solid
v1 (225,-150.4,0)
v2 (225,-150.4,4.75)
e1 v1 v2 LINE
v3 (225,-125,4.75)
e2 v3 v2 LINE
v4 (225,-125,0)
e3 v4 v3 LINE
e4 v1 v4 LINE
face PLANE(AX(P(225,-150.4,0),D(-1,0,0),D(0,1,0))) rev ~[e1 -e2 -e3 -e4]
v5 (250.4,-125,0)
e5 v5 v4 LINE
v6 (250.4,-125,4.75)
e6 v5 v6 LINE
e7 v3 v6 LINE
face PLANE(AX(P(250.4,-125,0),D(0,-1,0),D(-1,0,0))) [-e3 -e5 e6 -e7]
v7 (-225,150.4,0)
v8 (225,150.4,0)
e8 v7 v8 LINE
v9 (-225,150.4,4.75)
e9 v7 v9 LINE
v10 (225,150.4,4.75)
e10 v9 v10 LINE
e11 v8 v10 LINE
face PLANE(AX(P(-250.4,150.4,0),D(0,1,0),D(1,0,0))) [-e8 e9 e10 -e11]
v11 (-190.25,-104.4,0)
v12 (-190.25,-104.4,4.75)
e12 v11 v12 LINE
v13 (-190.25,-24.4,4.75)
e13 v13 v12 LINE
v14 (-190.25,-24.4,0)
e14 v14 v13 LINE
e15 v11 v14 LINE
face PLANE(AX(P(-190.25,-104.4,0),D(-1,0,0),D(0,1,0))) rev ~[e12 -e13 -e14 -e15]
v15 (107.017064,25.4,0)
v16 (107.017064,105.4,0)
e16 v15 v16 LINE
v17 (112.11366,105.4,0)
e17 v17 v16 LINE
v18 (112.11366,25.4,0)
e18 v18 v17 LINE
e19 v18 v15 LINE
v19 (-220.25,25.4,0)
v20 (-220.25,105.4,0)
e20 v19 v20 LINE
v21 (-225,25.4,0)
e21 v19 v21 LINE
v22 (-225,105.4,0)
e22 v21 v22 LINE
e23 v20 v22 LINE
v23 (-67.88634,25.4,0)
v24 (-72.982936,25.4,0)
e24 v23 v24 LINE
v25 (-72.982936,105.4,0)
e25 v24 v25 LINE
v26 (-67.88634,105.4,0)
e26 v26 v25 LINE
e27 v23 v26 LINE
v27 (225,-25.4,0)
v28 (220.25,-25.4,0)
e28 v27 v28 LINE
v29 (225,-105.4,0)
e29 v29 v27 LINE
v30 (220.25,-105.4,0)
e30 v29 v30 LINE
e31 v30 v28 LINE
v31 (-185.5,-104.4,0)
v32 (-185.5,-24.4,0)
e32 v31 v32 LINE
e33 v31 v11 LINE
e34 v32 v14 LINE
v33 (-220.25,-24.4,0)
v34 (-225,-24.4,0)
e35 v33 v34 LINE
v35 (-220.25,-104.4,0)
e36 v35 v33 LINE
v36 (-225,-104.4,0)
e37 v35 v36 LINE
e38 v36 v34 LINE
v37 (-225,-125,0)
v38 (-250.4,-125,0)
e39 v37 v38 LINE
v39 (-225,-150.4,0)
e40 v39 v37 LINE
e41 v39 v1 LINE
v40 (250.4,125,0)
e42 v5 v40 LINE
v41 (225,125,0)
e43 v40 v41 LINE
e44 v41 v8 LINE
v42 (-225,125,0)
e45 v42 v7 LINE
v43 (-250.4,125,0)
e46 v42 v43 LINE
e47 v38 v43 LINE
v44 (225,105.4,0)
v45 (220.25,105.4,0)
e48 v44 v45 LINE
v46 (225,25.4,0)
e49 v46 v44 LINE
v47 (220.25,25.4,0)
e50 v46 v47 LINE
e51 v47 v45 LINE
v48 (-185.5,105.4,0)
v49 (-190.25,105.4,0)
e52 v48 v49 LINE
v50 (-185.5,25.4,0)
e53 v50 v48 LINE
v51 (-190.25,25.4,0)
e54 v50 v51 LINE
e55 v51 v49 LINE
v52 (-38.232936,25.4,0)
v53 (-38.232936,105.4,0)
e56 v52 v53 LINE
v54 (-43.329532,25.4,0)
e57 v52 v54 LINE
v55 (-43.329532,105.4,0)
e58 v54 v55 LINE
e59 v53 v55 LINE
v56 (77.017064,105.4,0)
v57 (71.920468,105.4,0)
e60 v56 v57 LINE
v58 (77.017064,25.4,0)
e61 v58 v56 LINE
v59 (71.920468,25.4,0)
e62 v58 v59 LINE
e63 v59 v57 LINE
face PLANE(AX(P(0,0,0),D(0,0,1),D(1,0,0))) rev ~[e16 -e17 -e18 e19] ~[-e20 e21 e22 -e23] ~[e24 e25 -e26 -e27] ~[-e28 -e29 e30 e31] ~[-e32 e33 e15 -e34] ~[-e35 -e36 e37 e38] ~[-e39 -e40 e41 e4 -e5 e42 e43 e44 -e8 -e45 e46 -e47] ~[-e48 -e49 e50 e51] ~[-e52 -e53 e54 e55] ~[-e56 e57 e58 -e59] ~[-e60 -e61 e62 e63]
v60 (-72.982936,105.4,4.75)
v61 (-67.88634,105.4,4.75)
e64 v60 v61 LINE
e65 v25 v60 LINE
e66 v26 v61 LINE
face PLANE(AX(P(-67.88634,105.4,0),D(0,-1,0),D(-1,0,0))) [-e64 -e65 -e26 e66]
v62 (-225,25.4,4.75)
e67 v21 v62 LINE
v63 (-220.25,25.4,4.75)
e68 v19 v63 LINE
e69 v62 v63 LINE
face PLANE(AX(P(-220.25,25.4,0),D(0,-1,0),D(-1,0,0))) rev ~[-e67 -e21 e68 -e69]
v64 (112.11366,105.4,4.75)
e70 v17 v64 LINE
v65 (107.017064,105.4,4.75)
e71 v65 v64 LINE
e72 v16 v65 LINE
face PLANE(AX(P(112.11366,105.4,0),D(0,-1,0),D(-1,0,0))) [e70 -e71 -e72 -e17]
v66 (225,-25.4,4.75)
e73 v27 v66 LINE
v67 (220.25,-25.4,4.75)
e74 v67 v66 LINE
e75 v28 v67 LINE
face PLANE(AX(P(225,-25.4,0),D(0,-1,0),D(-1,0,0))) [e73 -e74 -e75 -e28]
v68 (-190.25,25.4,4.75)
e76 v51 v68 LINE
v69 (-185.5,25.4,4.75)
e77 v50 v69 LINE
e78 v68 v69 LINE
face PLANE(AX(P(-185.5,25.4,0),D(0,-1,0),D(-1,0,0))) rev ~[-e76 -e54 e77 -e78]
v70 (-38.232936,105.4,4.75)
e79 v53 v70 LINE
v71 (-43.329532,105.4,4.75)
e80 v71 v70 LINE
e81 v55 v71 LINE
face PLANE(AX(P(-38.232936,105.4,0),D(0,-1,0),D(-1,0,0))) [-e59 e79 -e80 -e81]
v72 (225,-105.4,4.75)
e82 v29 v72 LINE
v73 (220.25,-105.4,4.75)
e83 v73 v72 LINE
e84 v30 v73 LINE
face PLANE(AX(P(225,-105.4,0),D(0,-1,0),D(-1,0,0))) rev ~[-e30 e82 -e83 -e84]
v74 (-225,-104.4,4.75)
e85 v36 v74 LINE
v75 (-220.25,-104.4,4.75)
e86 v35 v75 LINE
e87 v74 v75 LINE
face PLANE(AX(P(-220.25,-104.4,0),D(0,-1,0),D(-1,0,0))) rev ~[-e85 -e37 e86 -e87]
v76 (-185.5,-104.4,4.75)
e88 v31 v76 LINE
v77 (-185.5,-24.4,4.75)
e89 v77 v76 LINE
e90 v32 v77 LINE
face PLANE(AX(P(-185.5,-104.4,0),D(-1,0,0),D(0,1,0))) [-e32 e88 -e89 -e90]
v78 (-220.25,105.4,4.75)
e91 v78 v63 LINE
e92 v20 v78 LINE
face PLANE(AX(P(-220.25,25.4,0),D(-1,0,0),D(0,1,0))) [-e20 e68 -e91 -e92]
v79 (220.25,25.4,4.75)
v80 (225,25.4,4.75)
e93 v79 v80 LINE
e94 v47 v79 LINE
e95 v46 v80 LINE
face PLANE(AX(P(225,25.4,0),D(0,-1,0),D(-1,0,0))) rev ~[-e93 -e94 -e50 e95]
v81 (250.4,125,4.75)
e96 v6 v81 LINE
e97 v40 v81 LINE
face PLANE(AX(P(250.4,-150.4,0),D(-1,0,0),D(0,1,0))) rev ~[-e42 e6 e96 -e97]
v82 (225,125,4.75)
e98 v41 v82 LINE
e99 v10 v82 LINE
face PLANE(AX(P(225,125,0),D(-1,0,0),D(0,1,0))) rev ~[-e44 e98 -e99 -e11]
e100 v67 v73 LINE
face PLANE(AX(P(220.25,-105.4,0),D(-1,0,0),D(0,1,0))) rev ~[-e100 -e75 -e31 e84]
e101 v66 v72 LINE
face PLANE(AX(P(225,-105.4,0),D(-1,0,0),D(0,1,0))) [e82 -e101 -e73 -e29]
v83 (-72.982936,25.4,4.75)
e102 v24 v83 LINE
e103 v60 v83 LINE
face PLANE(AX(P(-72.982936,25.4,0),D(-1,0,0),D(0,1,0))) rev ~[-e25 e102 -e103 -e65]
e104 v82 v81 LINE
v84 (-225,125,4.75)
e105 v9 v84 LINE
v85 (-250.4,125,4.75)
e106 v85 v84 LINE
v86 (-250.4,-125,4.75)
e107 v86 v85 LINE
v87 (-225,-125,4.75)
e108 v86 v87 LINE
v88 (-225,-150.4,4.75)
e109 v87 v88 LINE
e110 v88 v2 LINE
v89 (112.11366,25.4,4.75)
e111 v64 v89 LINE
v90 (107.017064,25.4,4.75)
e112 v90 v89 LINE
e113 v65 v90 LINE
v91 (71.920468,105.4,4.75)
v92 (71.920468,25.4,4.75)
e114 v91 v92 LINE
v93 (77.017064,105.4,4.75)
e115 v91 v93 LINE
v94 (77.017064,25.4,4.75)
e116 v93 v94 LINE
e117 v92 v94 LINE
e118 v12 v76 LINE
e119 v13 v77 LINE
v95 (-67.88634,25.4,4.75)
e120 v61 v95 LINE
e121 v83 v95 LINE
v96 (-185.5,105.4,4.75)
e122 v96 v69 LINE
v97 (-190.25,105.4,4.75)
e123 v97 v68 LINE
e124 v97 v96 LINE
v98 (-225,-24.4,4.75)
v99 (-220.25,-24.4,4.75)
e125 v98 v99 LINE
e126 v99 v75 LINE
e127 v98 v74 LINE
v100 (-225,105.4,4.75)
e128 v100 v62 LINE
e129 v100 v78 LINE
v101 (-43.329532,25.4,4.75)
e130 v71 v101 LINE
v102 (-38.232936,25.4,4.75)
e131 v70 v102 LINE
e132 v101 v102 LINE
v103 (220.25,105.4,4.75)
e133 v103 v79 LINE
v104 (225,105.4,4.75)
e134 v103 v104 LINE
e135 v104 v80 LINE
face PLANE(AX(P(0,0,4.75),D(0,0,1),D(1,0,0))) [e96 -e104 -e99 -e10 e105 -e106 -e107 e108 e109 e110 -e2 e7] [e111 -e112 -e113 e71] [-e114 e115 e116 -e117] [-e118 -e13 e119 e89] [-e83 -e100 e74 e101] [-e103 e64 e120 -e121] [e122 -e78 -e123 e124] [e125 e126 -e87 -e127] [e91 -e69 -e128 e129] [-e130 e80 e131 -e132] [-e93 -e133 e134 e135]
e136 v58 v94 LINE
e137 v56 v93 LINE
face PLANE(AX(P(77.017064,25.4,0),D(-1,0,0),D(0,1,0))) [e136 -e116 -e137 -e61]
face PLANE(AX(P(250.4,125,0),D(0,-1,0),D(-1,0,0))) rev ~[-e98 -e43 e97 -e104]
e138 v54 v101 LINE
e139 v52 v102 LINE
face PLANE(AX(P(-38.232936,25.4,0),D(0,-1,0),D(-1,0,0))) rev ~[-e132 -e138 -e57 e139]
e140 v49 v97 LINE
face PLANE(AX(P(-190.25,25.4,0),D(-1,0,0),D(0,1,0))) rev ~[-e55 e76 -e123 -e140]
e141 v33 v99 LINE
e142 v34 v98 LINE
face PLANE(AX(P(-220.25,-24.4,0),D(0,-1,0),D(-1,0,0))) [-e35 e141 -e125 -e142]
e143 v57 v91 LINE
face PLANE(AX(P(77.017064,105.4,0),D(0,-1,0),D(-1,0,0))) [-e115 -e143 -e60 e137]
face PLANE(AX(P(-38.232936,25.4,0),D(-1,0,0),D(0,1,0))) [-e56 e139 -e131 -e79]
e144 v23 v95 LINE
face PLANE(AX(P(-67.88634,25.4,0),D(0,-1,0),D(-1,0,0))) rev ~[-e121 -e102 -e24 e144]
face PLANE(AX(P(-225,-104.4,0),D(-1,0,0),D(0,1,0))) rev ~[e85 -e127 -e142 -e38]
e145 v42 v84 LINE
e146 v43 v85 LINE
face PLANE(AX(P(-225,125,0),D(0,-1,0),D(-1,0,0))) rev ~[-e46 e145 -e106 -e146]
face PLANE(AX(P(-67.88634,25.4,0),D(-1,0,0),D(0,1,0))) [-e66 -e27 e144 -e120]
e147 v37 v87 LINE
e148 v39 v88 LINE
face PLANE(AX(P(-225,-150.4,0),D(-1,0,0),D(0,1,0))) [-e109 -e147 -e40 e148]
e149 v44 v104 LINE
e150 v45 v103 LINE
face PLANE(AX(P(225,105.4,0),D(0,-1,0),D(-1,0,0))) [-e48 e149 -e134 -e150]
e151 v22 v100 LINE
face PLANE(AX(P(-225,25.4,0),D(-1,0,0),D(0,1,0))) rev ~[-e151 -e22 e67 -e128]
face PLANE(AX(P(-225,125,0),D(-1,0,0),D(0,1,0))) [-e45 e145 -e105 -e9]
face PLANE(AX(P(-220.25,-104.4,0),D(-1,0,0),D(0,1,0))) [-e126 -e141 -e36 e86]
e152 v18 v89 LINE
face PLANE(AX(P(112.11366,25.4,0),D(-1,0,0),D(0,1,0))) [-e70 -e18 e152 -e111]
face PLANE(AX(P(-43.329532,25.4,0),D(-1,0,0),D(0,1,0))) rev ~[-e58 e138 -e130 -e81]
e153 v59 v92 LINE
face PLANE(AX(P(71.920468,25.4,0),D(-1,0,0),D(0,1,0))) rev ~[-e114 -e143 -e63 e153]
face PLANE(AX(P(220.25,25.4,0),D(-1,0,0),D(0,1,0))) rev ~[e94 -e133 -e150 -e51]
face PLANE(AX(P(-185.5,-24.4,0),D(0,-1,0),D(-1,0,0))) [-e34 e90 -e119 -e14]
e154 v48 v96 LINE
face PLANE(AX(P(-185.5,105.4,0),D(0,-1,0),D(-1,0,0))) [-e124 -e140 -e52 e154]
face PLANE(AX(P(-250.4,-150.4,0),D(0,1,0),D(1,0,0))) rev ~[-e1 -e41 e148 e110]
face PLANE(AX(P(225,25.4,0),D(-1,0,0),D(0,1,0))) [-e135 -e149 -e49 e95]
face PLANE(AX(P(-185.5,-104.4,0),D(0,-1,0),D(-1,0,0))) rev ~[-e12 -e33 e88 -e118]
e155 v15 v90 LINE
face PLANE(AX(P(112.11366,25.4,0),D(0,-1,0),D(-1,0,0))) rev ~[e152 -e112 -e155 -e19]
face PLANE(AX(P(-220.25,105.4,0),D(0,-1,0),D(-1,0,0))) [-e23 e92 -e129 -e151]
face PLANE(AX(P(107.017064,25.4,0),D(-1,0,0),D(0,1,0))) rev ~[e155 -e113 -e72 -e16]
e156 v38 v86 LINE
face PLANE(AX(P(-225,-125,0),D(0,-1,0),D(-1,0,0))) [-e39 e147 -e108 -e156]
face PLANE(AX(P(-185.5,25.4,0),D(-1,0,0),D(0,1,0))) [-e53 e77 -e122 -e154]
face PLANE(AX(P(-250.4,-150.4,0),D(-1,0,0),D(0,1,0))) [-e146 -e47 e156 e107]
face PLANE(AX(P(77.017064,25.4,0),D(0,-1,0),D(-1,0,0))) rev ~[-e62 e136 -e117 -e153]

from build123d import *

# Parameters (mm, degrees)
SKETCH_1_W          = 500.8
SKETCH_1_H          = 300.8
EXTRUDE_1_DEPTH     = 4.75
SKETCH_2_W          = 25.4
SKETCH_2_H          = 25.4
SKETCH_2_W_2        = 4.75
SKETCH_2_H_2        = 80
SKETCH_2_W_3        = 5.096596069
CUT_EXTRUDE_1_DEPTH = 10


with BuildPart() as part:
    # 草圖1 → 填料-伸長1 (new body)
    with BuildSketch(Plane.XY):
        Rectangle(SKETCH_1_W, SKETCH_1_H)
    extrude(amount=EXTRUDE_1_DEPTH)

    # 草圖2 → 除料-伸長1 (cut)
    with BuildSketch(Plane(origin=(0, 0, 0), x_dir=(-1, 0, 0), z_dir=(0, 0, -1))):
        with Locations((-237.7, 137.7)):
            Rectangle(SKETCH_2_W, SKETCH_2_H)
        with Locations((-237.7, -137.7)):
            Rectangle(SKETCH_2_W, SKETCH_2_H)
        with Locations((237.7, 137.7)):
            Rectangle(SKETCH_2_W, SKETCH_2_H)
        with Locations((237.7, -137.7)):
            Rectangle(SKETCH_2_W, SKETCH_2_H)
        with Locations((-222.625, 65.4)):
            Rectangle(SKETCH_2_W_2, SKETCH_2_H_2)
        with Locations((-222.625, -65.4)):
            Rectangle(SKETCH_2_W_2, SKETCH_2_H_2)
        with Locations((222.625, 65.4)):
            Rectangle(SKETCH_2_W_2, SKETCH_2_H_2)
        with Locations((222.625, -64.4)):
            Rectangle(SKETCH_2_W_2, SKETCH_2_H_2)
        with Locations((187.875, 65.4)):
            Rectangle(SKETCH_2_W_2, SKETCH_2_H_2)
        with Locations((187.875, -64.4)):
            Rectangle(SKETCH_2_W_2, SKETCH_2_H_2)
        with Locations((-109.565361966, 65.4)):
            Rectangle(SKETCH_2_W_3, SKETCH_2_H_2)
        with Locations((-74.468765897, 65.4)):
            Rectangle(SKETCH_2_W_3, SKETCH_2_H_2)
        with Locations((40.781234104, 65.4)):
            Rectangle(SKETCH_2_W_3, SKETCH_2_H_2)
        with Locations((70.434638035, 65.4)):
            Rectangle(SKETCH_2_W_3, SKETCH_2_H_2)
    extrude(amount=-CUT_EXTRUDE_1_DEPTH, mode=Mode.SUBTRACT)


solid = part.part
